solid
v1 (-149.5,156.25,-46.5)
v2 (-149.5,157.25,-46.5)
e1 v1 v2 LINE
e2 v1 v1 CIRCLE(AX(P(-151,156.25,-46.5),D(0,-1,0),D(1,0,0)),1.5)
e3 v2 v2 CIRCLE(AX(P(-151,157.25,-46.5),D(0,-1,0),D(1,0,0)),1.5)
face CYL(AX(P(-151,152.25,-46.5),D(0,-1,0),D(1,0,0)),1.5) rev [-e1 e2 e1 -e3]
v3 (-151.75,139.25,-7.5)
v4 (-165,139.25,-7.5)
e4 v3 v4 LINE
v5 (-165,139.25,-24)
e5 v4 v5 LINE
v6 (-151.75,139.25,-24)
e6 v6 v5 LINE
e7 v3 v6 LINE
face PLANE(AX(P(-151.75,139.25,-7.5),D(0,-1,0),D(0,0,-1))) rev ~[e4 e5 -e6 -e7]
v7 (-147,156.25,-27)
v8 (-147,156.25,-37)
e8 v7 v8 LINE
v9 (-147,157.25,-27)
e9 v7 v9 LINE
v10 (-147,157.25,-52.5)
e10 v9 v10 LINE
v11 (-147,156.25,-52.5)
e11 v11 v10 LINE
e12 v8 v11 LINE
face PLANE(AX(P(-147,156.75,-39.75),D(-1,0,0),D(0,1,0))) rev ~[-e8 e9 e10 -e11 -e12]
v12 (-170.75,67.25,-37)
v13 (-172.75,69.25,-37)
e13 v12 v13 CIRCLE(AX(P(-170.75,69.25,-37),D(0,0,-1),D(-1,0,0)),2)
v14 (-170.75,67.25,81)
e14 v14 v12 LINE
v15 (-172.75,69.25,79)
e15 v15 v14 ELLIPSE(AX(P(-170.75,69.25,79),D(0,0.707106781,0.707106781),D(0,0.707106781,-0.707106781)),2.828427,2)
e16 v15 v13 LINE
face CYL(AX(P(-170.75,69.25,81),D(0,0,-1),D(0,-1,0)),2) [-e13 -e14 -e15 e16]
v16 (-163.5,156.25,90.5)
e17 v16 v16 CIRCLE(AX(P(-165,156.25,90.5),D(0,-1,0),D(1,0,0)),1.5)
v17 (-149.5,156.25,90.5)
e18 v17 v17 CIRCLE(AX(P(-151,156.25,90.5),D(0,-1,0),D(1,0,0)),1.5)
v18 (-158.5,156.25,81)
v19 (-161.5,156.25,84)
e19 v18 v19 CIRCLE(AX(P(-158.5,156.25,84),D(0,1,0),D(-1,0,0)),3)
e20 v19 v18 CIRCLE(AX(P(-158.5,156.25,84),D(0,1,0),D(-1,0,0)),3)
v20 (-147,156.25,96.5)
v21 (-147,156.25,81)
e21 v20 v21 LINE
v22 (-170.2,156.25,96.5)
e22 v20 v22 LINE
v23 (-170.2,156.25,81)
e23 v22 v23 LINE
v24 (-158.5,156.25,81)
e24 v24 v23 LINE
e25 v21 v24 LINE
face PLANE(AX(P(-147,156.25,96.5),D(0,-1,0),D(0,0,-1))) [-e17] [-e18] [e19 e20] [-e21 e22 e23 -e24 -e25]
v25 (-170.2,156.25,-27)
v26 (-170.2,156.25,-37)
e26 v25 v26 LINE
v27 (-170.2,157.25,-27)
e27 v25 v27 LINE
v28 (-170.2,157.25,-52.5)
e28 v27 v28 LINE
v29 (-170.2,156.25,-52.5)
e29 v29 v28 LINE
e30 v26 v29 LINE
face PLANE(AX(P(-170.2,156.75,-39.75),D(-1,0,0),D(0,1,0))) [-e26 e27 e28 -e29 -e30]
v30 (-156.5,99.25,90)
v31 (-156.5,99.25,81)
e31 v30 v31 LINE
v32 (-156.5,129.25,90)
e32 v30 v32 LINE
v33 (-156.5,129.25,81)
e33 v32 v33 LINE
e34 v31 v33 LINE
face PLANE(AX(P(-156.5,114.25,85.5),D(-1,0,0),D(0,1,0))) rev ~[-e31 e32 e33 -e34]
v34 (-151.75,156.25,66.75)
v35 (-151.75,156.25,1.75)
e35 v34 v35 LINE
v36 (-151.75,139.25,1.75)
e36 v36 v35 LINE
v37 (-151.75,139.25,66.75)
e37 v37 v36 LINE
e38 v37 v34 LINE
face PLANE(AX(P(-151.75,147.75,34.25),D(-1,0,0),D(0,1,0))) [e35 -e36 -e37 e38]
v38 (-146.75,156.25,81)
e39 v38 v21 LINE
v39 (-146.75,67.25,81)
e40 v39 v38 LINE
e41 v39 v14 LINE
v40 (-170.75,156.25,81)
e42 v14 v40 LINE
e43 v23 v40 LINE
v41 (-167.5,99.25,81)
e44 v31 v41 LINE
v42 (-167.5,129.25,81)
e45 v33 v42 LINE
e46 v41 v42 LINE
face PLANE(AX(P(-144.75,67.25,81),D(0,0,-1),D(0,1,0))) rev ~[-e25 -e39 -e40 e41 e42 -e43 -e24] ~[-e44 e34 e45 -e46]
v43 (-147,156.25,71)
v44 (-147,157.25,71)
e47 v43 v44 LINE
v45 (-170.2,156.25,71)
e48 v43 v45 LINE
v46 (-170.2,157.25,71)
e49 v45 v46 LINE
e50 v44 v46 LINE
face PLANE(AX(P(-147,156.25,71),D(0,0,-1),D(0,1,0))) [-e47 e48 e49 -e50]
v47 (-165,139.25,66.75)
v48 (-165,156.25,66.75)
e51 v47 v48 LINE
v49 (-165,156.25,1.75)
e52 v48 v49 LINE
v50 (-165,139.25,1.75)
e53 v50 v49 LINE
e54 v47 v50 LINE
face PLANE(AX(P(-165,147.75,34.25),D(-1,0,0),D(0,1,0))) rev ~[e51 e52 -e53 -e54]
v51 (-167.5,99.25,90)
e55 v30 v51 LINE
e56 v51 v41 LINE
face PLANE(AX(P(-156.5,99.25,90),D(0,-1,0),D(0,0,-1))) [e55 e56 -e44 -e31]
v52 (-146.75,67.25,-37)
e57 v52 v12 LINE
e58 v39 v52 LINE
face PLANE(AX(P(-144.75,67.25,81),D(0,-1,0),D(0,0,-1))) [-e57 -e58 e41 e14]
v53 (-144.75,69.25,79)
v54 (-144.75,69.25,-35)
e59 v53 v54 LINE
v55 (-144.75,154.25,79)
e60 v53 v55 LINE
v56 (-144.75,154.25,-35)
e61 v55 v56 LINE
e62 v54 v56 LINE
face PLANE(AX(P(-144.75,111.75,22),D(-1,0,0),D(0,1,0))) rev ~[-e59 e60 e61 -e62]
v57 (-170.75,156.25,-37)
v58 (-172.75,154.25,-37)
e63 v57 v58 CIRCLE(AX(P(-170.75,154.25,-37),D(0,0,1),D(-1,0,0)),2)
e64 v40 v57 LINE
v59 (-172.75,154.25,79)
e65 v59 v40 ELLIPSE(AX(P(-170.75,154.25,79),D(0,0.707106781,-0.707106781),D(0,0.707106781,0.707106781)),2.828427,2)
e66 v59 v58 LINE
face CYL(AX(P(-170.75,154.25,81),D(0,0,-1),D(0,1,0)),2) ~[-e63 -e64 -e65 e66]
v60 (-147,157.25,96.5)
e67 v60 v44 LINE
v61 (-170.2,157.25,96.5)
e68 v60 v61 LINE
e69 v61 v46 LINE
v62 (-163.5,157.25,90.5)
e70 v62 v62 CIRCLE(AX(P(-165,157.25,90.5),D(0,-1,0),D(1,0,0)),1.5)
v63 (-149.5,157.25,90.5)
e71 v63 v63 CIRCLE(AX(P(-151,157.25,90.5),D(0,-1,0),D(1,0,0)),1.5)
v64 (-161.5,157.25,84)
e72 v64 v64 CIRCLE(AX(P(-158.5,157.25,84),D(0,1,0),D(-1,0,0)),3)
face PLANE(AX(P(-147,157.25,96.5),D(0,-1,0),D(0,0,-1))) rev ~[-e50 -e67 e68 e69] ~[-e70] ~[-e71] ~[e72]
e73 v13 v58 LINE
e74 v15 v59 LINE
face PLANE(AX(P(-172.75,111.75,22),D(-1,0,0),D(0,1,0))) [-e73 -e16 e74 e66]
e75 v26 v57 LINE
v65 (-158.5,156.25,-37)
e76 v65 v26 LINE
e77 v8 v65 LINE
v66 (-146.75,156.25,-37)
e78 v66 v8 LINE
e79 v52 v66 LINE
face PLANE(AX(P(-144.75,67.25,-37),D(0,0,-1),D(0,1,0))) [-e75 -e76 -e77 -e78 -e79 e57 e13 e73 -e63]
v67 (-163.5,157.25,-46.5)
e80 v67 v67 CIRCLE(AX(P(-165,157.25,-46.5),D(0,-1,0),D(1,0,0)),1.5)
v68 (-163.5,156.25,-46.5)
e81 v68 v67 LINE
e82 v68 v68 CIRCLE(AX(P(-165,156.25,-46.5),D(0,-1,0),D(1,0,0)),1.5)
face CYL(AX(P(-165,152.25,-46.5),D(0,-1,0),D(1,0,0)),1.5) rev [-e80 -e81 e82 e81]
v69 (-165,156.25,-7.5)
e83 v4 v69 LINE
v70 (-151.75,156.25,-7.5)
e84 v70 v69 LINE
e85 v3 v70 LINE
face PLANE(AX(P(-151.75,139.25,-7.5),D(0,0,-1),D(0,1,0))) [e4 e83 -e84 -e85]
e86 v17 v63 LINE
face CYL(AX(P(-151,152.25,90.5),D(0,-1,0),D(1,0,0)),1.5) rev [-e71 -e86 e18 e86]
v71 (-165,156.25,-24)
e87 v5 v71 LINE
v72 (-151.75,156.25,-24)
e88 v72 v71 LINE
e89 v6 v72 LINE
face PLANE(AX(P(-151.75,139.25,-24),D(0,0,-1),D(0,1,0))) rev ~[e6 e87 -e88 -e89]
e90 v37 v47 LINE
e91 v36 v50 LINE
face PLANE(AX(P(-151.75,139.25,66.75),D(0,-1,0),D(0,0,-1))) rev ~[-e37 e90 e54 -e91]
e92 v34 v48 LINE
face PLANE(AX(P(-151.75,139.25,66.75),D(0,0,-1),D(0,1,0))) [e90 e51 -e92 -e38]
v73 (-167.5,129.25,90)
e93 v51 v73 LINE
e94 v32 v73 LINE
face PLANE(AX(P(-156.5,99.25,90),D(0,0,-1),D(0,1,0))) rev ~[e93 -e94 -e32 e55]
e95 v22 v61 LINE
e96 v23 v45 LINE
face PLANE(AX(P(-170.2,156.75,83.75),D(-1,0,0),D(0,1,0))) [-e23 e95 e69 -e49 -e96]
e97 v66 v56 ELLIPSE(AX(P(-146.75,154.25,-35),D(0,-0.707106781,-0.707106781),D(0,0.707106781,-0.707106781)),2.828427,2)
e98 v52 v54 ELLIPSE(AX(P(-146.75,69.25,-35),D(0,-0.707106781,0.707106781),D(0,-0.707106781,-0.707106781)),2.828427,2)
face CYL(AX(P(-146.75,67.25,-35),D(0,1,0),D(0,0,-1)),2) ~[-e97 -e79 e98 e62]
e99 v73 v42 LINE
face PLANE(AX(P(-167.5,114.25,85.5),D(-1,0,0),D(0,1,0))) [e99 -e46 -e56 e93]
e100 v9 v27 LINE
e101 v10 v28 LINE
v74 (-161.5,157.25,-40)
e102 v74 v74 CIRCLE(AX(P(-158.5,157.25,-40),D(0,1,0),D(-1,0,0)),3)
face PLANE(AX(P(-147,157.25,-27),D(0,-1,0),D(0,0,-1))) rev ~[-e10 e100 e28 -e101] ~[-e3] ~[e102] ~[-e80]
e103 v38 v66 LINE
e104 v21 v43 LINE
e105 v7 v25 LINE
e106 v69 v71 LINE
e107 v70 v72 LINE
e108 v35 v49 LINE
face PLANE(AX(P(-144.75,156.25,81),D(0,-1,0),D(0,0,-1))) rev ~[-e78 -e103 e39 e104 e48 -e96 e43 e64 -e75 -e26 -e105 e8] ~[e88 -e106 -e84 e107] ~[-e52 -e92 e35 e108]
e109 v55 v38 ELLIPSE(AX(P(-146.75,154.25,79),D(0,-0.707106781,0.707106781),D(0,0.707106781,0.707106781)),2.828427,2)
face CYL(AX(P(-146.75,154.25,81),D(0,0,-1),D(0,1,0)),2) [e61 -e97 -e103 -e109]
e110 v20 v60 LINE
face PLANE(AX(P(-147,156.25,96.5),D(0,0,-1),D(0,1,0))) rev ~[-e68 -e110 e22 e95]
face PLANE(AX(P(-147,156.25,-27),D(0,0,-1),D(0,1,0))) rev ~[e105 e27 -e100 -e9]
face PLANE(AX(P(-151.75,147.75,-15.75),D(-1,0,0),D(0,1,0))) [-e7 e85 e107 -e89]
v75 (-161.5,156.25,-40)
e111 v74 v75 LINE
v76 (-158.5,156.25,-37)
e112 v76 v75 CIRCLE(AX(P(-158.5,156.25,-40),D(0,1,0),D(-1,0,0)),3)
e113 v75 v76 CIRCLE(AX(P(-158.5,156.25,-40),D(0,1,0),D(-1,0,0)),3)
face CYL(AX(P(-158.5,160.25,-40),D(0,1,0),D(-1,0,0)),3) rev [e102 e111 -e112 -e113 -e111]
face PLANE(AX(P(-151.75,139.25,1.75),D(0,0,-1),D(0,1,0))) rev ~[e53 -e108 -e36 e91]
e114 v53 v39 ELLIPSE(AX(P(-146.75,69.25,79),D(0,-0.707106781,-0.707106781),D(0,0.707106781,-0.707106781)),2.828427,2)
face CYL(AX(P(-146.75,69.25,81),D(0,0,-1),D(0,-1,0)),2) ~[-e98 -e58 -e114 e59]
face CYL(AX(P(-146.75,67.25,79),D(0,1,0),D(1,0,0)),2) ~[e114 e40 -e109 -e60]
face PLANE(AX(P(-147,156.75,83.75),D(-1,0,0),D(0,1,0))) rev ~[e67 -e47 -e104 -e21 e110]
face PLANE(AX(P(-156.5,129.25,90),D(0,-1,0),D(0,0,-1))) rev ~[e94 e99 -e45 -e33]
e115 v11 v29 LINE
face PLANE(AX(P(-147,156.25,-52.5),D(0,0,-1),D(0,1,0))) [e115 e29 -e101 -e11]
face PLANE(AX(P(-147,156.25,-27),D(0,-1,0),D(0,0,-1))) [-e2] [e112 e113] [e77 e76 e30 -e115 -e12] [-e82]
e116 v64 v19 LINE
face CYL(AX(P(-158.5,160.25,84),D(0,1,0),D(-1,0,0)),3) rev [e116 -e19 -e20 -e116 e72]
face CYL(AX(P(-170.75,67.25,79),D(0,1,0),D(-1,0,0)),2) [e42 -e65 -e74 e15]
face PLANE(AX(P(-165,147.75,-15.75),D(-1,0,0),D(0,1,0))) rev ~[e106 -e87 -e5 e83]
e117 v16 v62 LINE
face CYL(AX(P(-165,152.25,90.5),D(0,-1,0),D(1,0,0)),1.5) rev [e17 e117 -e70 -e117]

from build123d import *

# Parameters (mm, degrees)
CYLINDER030_R             = 1.5
CYLINDER030_DEPTH         = 10
CYLINDER031_R             = 1.5
CYLINDER031_DEPTH         = 10
CYLINDER032_R             = 1.5
CYLINDER032_DEPTH         = 10
CYLINDER029_R             = 1.5
CYLINDER029_DEPTH         = 10
CYLINDER028_R             = 3
CYLINDER028_DEPTH         = 10
CYLINDER027_R             = 3
CYLINDER027_DEPTH         = 10
BOX036_W                  = 30
BOX036_H                  = 9
BOX036_DEPTH              = 11
BOX037_W                  = 1
BOX037_H                  = 25.5
BOX037_DEPTH              = 23.2
BOX038_W                  = 1
BOX038_H                  = 25.5
BOX038_DEPTH              = 23.2
BOX002_W                  = 17
BOX002_H                  = 16.5
BOX002_DEPTH              = 13.25
BOX035_W                  = 17
BOX035_H                  = 65
BOX035_DEPTH              = 13.25
BOX034_W                  = 89
BOX034_H                  = 118
BOX034_DEPTH              = 28
FILLET022_R               = 2
FILLET022_ROLL_ANGLE      = -90
FILLET022_PLACEMENT_ANGLE = 90


with BuildPart() as cylinder030:
    # Cylinder030 → Cylinder030 (new body)
    with BuildSketch(Plane(origin=(85, -9.5, 20.25), x_dir=(0, 0, -1), z_dir=(1, 0, 0))):
        Circle(CYLINDER030_R)
    extrude(amount=CYLINDER030_DEPTH)


with BuildPart() as cylinder031:
    # Cylinder031 → Cylinder031 (new body)
    with BuildSketch(Plane(origin=(85, 127.5, 6.25), x_dir=(0, 0, -1), z_dir=(1, 0, 0))):
        Circle(CYLINDER031_R)
    extrude(amount=CYLINDER031_DEPTH)


with BuildPart() as cylinder032:
    # Cylinder032 → Cylinder032 (new body)
    with BuildSketch(Plane(origin=(85, 127.5, 20.25), x_dir=(0, 0, -1), z_dir=(1, 0, 0))):
        Circle(CYLINDER032_R)
    extrude(amount=CYLINDER032_DEPTH)


with BuildPart() as mount_small_cyl:
    # Cylinder029 → Cylinder029 (new body)
    with BuildSketch(Plane(origin=(85, -9.5, 6.25), x_dir=(0, 0, -1), z_dir=(1, 0, 0))):
        Circle(CYLINDER029_R)
    extrude(amount=CYLINDER029_DEPTH)

    # Fusion021: union Cylinder030, Cylinder031, Cylinder032
    add(cylinder030.part)
    add(cylinder031.part)
    add(cylinder032.part)


with BuildPart() as cylinder028:
    # Cylinder028 → Cylinder028 (new body)
    with BuildSketch(Plane(origin=(93, 121, 4.5), x_dir=(0, 0, 1), z_dir=(-1, 0, 0))):
        Circle(CYLINDER028_R)
    extrude(amount=CYLINDER028_DEPTH)


with BuildPart() as mount_cyl:
    # Cylinder027 → Cylinder027 (new body)
    with BuildSketch(Plane(origin=(93, -3, 4.5), x_dir=(0, 0, 1), z_dir=(-1, 0, 0))):
        Circle(CYLINDER027_R)
    extrude(amount=CYLINDER027_DEPTH)

    # Fusion020: union Cylinder028
    add(cylinder028.part)


with BuildPart() as mount_cyl_1:
    # Fusion020 placement: moved
    add(mount_cyl.part.moved(Location((0, 0, 9.25))))


with BuildPart() as power:
    # Box036 → Box036 (new body)
    with BuildSketch(Plane(origin=(32, -9, 11.75), x_dir=(1, 0, 0), z_dir=(0, 0, 1))):
        with Locations((15, 4.5)):
            Rectangle(BOX036_W, BOX036_H)
    extrude(amount=BOX036_DEPTH)


with BuildPart() as mount1:
    # Box037 → Box037 (new body)
    with BuildSketch(Plane(origin=(89, -15.5, 2.25), x_dir=(1, 0, 0), z_dir=(0, 0, 1))):
        with Locations((0.5, 12.75)):
            Rectangle(BOX037_W, BOX037_H)
    extrude(amount=BOX037_DEPTH)


with BuildPart() as mount2:
    # Box038 → Box038 (new body)
    with BuildSketch(Plane(origin=(89, 108, 2.25), x_dir=(1, 0, 0), z_dir=(0, 0, 1))):
        with Locations((0.5, 12.75)):
            Rectangle(BOX038_W, BOX038_H)
    extrude(amount=BOX038_DEPTH)


with BuildPart() as cube020:
    # Box002 → Box002 (new body)
    with BuildSketch(Plane(origin=(72, 88.5, 7), x_dir=(1, 0, 0), z_dir=(0, 0, 1))):
        with Locations((8.5, 8.25)):
            Rectangle(BOX002_W, BOX002_H)
    extrude(amount=BOX002_DEPTH)


with BuildPart() as cube019:
    # Box035 → Box035 (new body)
    with BuildSketch(Plane(origin=(72, 14.25, 7), x_dir=(1, 0, 0), z_dir=(0, 0, 1))):
        with Locations((8.5, 32.5)):
            Rectangle(BOX035_W, BOX035_H)
    extrude(amount=BOX035_DEPTH)


with BuildPart() as switch:
    # Box034 → Box034 (new body)
    with BuildSketch(Plane.XY):
        with Locations((44.5, 59)):
            Rectangle(BOX034_W, BOX034_H)
    extrude(amount=BOX034_DEPTH)

    # Cut023: cut Cube019
    add(cube019.part, mode=Mode.SUBTRACT)

    # Cut024: cut Cube020
    add(cube020.part, mode=Mode.SUBTRACT)

    # Fusion019: union Power, mount1, mount2
    add(power.part)
    add(mount1.part)
    add(mount2.part)

    # Cut025: cut mount_cyl
    add(mount_cyl_1.part, mode=Mode.SUBTRACT)

    # Cut026: cut mount_small_cyl
    add(mount_small_cyl.part, mode=Mode.SUBTRACT)

    # Fillet022
    fillet022_edges = [switch.edges().sort_by_distance(p)[0] for p in [
        (44.5, 0, 0),
        (44.5, 0, 28),
        (0, 59, 0),
        (44.5, 118, 0),
        (89, 59, 0),
        (89, 59, 28),
        (0, 59, 28),
    ]]
    fillet(fillet022_edges, radius=FILLET022_R)


with BuildPart() as switch_1:
    # Fillet022 roll: moved
    add(switch.part.rotate(Axis((0, 0, 0), (1, 0, 0)), FILLET022_ROLL_ANGLE))


with BuildPart() as switch_2:
    # Fillet022 placement: moved
    add(switch_1.part.moved(Location((-144.75, 67.25, 81))).rotate(Axis((-144.75, 67.25, 81), (0, 0, 1)), FILLET022_PLACEMENT_ANGLE))


solid = switch_2.part
